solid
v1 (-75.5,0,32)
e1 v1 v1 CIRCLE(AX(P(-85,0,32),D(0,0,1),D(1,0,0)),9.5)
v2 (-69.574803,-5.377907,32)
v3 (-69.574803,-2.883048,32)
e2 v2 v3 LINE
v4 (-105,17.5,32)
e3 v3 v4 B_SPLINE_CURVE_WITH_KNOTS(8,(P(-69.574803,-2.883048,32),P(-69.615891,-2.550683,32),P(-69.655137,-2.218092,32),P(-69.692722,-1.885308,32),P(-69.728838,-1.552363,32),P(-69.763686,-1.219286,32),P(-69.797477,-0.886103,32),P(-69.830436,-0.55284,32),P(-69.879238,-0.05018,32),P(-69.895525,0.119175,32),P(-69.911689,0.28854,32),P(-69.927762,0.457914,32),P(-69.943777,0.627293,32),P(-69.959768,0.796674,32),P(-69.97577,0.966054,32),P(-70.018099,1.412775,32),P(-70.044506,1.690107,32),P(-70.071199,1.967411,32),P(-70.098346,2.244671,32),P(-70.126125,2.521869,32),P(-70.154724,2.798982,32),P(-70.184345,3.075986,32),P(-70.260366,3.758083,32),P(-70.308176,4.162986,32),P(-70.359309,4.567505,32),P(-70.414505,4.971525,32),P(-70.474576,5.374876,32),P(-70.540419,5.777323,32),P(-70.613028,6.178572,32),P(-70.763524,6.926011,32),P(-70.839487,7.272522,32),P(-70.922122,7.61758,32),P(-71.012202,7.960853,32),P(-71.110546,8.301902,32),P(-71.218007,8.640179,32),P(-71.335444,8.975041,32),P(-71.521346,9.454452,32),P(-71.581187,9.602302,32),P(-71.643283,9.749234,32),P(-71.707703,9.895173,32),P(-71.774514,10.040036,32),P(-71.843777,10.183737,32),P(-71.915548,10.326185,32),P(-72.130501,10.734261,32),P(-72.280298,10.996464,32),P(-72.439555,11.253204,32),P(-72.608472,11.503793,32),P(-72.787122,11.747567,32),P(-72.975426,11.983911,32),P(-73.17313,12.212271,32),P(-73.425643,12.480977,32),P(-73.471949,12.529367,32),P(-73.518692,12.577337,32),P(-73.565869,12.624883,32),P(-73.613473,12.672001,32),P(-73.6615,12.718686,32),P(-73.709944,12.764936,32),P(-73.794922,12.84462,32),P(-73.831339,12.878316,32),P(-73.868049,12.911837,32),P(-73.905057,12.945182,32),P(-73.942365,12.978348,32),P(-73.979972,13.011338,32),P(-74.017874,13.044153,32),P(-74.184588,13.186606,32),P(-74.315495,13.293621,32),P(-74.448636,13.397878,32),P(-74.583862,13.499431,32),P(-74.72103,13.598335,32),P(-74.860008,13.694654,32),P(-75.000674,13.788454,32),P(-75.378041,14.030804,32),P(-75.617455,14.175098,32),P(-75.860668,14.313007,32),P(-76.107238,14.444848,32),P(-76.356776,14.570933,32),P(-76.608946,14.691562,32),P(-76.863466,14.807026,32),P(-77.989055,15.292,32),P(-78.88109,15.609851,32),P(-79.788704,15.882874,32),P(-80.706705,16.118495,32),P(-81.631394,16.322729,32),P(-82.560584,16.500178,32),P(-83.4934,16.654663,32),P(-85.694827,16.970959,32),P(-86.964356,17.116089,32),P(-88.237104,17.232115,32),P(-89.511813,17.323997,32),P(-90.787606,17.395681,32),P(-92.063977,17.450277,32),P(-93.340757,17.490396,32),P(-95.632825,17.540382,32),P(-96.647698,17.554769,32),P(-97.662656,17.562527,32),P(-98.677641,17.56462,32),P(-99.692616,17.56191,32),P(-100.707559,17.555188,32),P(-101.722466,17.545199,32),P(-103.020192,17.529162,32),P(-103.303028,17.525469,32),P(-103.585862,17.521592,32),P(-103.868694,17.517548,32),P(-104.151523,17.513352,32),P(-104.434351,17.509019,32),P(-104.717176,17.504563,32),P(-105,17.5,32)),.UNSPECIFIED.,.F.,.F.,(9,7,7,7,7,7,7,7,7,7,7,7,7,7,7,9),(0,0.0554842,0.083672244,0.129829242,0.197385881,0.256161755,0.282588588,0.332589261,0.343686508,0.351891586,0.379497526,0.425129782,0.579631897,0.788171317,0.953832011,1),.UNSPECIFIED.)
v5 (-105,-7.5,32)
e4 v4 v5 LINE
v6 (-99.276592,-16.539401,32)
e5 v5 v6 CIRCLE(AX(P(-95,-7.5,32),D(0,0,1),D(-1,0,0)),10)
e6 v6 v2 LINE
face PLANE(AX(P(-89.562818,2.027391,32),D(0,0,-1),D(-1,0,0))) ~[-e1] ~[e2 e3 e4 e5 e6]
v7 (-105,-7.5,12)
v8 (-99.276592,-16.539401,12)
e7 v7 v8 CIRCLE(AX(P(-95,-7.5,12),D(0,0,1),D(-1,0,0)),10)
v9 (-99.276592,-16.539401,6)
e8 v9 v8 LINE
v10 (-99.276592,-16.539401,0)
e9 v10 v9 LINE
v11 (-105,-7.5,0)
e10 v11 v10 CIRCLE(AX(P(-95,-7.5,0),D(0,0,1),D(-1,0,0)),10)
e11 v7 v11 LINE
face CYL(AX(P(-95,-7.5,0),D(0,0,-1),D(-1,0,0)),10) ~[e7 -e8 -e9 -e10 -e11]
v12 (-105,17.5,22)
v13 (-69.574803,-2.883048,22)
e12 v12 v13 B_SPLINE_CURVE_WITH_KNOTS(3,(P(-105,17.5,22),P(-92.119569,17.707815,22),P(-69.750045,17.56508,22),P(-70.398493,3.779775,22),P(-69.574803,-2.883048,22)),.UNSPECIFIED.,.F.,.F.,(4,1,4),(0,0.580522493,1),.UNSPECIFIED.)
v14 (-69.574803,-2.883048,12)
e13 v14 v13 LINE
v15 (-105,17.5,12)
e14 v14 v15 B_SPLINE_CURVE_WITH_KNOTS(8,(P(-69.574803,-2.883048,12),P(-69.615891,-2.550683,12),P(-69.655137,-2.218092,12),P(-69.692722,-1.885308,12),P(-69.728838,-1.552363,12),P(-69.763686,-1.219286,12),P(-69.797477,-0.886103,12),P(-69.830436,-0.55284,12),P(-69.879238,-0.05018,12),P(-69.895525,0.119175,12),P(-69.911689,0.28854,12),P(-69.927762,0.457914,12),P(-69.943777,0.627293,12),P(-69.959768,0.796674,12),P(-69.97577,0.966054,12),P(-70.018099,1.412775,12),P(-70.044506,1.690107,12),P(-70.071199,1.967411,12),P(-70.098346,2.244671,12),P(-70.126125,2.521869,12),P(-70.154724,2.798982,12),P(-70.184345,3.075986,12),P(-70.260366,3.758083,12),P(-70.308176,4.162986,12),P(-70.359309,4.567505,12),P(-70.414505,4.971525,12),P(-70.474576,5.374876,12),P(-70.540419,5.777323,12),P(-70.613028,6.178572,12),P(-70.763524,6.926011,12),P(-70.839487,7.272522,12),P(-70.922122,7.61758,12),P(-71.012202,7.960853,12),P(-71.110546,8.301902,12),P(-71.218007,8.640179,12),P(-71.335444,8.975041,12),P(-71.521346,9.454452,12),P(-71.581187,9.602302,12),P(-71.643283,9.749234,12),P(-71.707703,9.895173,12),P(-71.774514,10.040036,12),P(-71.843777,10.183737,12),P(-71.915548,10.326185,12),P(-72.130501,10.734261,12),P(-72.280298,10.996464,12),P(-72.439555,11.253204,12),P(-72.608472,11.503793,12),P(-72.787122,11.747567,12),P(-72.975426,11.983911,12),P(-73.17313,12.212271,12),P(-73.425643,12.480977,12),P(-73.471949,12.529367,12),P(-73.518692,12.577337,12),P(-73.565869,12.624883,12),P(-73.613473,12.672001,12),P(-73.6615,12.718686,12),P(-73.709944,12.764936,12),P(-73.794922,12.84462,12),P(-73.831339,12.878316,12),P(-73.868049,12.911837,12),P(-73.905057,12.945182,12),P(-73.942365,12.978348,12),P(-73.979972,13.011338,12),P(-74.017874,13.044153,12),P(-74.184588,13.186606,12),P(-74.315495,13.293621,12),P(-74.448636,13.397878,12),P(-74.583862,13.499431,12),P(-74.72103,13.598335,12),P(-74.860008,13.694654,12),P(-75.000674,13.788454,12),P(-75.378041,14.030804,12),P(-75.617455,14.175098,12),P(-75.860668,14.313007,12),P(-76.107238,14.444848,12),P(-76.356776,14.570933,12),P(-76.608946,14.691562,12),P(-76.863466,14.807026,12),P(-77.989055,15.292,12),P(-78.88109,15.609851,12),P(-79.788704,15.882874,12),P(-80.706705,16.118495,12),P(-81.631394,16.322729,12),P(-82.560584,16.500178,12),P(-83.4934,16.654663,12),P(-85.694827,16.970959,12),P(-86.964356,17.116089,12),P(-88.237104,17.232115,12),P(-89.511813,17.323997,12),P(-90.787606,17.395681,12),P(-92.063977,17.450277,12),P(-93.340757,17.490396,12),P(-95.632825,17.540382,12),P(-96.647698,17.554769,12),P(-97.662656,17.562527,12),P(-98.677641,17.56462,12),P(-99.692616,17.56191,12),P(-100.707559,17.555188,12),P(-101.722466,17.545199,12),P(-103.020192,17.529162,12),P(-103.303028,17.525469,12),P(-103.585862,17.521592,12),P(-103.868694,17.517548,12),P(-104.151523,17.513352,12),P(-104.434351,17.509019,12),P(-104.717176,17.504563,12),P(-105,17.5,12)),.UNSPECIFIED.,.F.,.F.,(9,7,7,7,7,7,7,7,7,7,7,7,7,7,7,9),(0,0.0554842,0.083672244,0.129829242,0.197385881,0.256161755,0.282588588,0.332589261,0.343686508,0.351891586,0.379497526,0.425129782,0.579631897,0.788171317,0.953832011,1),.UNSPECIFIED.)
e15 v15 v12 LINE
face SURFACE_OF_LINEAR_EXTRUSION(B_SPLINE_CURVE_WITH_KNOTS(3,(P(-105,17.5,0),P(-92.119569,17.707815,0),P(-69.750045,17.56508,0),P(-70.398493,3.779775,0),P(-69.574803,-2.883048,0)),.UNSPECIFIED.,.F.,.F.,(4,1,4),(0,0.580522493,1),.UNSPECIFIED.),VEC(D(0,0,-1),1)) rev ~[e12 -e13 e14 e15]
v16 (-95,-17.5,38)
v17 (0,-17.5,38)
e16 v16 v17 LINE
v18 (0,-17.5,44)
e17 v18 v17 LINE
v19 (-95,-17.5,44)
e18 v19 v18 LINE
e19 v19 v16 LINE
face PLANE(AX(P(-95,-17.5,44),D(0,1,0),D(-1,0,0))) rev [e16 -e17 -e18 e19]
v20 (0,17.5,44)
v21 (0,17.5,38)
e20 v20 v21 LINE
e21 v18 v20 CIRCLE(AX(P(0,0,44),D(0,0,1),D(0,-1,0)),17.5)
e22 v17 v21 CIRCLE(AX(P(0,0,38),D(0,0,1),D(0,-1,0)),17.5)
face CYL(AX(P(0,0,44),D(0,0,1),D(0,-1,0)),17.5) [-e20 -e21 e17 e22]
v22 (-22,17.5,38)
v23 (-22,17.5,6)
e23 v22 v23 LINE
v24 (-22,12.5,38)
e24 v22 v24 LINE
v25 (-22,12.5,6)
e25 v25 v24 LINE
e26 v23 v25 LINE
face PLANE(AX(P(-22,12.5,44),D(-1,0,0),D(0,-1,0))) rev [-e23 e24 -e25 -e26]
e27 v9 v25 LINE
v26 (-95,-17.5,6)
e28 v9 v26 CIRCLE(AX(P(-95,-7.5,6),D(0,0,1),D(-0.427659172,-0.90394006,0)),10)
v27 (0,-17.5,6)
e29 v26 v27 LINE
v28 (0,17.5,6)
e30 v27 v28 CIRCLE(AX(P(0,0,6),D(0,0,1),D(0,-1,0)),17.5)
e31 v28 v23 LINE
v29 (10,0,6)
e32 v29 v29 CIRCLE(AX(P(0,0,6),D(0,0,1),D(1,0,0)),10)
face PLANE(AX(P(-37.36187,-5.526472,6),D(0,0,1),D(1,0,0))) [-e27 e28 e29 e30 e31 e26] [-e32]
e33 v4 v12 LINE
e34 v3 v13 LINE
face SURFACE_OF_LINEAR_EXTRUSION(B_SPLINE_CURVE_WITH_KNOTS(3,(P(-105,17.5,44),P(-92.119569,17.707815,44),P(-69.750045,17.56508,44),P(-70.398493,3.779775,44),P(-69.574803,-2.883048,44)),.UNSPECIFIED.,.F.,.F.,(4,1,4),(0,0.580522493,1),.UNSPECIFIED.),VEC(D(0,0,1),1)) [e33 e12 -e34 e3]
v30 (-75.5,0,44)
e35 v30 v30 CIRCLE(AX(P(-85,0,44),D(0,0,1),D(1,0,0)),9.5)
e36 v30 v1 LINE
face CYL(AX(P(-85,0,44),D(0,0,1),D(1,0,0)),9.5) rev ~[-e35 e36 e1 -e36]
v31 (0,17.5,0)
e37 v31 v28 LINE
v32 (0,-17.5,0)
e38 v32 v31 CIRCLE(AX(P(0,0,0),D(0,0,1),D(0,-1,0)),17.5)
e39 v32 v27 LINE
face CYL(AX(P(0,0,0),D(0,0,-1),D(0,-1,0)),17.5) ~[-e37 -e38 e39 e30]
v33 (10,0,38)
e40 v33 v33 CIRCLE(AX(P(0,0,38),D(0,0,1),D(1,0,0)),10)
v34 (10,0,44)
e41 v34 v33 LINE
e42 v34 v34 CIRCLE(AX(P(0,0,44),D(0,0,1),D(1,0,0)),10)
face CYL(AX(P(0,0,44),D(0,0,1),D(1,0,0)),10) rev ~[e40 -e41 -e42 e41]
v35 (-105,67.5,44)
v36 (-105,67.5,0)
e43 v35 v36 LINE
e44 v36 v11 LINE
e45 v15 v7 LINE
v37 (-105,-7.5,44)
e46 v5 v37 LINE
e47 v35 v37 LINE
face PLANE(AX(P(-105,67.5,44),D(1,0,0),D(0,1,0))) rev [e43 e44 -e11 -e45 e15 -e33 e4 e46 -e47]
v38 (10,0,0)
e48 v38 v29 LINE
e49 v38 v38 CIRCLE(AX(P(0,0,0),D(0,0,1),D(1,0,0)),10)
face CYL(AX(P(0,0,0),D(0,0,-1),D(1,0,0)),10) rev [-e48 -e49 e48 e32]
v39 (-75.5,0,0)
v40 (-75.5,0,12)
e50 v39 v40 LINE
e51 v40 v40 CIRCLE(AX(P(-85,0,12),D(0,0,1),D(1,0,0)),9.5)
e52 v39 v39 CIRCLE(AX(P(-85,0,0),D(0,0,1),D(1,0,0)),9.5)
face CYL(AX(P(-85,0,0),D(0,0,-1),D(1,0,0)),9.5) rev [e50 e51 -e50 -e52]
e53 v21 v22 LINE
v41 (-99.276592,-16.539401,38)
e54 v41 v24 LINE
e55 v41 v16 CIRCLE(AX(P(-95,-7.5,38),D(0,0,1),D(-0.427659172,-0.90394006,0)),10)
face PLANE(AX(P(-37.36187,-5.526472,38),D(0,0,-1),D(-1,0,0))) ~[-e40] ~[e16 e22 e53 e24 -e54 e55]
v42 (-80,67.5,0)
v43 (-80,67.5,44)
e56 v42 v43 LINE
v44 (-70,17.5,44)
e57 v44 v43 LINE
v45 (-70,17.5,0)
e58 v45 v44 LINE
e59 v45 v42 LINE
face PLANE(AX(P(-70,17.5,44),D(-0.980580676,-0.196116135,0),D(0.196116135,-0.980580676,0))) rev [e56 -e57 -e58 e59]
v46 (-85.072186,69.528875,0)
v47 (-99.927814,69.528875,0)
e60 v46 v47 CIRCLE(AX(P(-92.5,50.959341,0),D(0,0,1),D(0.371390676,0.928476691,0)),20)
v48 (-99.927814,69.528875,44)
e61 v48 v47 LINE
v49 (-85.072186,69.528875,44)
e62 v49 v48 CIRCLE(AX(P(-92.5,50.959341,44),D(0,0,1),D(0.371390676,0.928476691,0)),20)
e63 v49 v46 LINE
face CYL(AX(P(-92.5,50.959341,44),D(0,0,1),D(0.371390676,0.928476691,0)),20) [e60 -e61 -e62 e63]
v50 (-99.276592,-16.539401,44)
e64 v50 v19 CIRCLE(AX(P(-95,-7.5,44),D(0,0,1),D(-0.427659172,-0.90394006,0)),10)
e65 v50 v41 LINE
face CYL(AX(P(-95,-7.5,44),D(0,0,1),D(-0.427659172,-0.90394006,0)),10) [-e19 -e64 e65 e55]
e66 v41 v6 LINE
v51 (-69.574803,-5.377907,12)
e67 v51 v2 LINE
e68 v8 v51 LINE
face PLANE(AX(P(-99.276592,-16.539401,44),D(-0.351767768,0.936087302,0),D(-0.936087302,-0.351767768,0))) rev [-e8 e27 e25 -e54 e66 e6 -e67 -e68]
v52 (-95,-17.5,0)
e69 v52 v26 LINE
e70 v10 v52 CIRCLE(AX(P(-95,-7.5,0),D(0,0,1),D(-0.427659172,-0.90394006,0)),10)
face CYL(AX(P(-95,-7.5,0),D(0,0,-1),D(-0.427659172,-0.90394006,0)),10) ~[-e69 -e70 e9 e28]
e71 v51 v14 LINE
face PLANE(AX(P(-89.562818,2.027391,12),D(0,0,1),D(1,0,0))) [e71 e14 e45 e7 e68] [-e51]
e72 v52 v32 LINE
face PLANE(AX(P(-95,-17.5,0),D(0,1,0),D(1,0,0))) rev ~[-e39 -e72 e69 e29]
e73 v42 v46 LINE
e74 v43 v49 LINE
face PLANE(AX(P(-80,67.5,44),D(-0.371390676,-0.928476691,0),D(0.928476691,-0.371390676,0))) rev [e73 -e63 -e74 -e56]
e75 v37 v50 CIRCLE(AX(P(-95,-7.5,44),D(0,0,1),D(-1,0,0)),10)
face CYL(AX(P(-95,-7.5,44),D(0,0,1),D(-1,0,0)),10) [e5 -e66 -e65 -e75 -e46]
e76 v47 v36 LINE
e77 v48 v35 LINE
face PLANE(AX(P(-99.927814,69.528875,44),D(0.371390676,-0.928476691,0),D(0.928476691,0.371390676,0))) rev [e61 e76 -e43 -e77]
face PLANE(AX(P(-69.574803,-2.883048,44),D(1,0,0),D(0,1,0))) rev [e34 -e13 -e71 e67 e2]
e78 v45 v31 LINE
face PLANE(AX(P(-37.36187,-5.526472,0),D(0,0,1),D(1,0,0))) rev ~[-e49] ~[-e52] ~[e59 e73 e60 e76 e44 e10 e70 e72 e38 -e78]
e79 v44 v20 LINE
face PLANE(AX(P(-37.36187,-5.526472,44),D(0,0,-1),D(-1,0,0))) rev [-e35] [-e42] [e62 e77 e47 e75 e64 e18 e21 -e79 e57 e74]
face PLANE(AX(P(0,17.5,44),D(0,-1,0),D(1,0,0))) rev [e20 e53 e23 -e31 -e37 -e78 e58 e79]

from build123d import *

# Parameters (mm, degrees)
F0_R     = 10
F0_R_2   = 9.5
F1_DEPTH = 6
F2_DEPTH = 12
F3_DEPTH = 22


with BuildPart() as f1:
    # F0 (on Top) → F1 (new body)
    with BuildSketch(Plane.XY):
        with BuildLine():
            Line((-95, -17.5), (0, -17.5))
            ThreePointArc((0, -17.5), (17.5, 0), (0, 17.5))
            Line((0, 17.5), (-22, 17.5))
            Line((-22, 17.5), (-22, 12.5))
            Line((-22, 12.5), (-69.5748026423, -5.3779074195))
            Line((-69.5748026423, -5.3779074195), (-99.2765917217, -16.5394006021))
            ThreePointArc((-99.2765917217, -16.5394006021), (-97.1915740894, -17.2568951522), (-95, -17.5))
        make_face()
        Circle(F0_R, mode=Mode.SUBTRACT)
        with BuildLine():
            Line((-22, 12.5), (-22, 17.5))
            Line((-22, 17.5), (-70, 17.5))
            Line((-70, 17.5), (-80, 67.5))
            Line((-80, 67.5), (-105, 67.5))
            Line((-105, 67.5), (-105, 17.5))
            add(Edge.make_bspline(
                [(-105, 17.5), (-92.1195688134, 17.707814564), (-69.750044995, 17.565080001), (-70.398492672, 3.779775432), (-69.5748026423, -2.8830476028)],
                knots=[0, 0, 0, 0, 0.5805224933, 1, 1, 1, 1], degree=3))
            Line((-69.5748026423, -2.8830476028), (-69.5748026423, -5.3779074195))
            Line((-69.5748026423, -5.3779074195), (-22, 12.5))
        make_face()
        with BuildLine():
            ThreePointArc((-105, -7.5), (-103.4488436255, -12.8494898253), (-99.2765917217, -16.5394006021))
            Line((-99.2765917217, -16.5394006021), (-69.5748026423, -5.3779074195))
            Line((-69.5748026423, -5.3779074195), (-69.5748026423, -2.8830476028))
            add(Edge.make_bspline(
                [(-105, 17.5), (-92.1195688134, 17.707814564), (-69.750044995, 17.565080001), (-70.398492672, 3.779775432), (-69.5748026423, -2.8830476028)],
                knots=[0, 0, 0, 0, 0.5805224933, 1, 1, 1, 1], degree=3))
            Line((-105, 17.5), (-105, -7.5))
        make_face()
        with Locations((-85, 0)):
            Circle(F0_R_2, mode=Mode.SUBTRACT)
        with BuildLine():
            Line((-105, 67.5), (-80, 67.5))
            Line((-80, 67.5), (-85.0721864729, 69.5288745892))
            ThreePointArc((-85.0721864729, 69.5288745892), (-92.5, 70.9593407715), (-99.9278135271, 69.5288745892))
            Line((-99.9278135271, 69.5288745892), (-105, 67.5))
        make_face()
    extrude(amount=F1_DEPTH)

    # F0 (on Top) → F2 (join)
    with BuildSketch(Plane.XY):
        with BuildLine():
            ThreePointArc((-105, -7.5), (-103.4488436255, -12.8494898253), (-99.2765917217, -16.5394006021))
            Line((-99.2765917217, -16.5394006021), (-69.5748026423, -5.3779074195))
            Line((-69.5748026423, -5.3779074195), (-69.5748026423, -2.8830476028))
            add(Edge.make_bspline(
                [(-105, 17.5), (-92.1195688134, 17.707814564), (-69.750044995, 17.565080001), (-70.398492672, 3.779775432), (-69.5748026423, -2.8830476028)],
                knots=[0, 0, 0, 0, 0.5805224933, 1, 1, 1, 1], degree=3))
            Line((-105, 17.5), (-105, -7.5))
        make_face()
        with Locations((-85, 0)):
            Circle(F0_R_2, mode=Mode.SUBTRACT)
        with BuildLine():
            Line((-22, 12.5), (-22, 17.5))
            Line((-22, 17.5), (-70, 17.5))
            Line((-70, 17.5), (-80, 67.5))
            Line((-80, 67.5), (-105, 67.5))
            Line((-105, 67.5), (-105, 17.5))
            add(Edge.make_bspline(
                [(-105, 17.5), (-92.1195688134, 17.707814564), (-69.750044995, 17.565080001), (-70.398492672, 3.779775432), (-69.5748026423, -2.8830476028)],
                knots=[0, 0, 0, 0, 0.5805224933, 1, 1, 1, 1], degree=3))
            Line((-69.5748026423, -2.8830476028), (-69.5748026423, -5.3779074195))
            Line((-69.5748026423, -5.3779074195), (-22, 12.5))
        make_face()
        with BuildLine():
            Line((-105, 67.5), (-80, 67.5))
            Line((-80, 67.5), (-85.0721864729, 69.5288745892))
            ThreePointArc((-85.0721864729, 69.5288745892), (-92.5, 70.9593407715), (-99.9278135271, 69.5288745892))
            Line((-99.9278135271, 69.5288745892), (-105, 67.5))
        make_face()
    extrude(amount=F2_DEPTH)

    # F0 (on Top) → F3 (join)
    with BuildSketch(Plane.XY):
        with BuildLine():
            Line((-22, 12.5), (-22, 17.5))
            Line((-22, 17.5), (-70, 17.5))
            Line((-70, 17.5), (-80, 67.5))
            Line((-80, 67.5), (-105, 67.5))
            Line((-105, 67.5), (-105, 17.5))
            add(Edge.make_bspline(
                [(-105, 17.5), (-92.1195688134, 17.707814564), (-69.750044995, 17.565080001), (-70.398492672, 3.779775432), (-69.5748026423, -2.8830476028)],
                knots=[0, 0, 0, 0, 0.5805224933, 1, 1, 1, 1], degree=3))
            Line((-69.5748026423, -2.8830476028), (-69.5748026423, -5.3779074195))
            Line((-69.5748026423, -5.3779074195), (-22, 12.5))
        make_face()
        with BuildLine():
            Line((-105, 67.5), (-80, 67.5))
            Line((-80, 67.5), (-85.0721864729, 69.5288745892))
            ThreePointArc((-85.0721864729, 69.5288745892), (-92.5, 70.9593407715), (-99.9278135271, 69.5288745892))
            Line((-99.9278135271, 69.5288745892), (-105, 67.5))
        make_face()
    extrude(amount=F3_DEPTH)

    # F4: F1 across face


with BuildPart() as f1_1:
    add(f1.part)
    add(f1.part.mirror(Plane(origin=(-78.1474366436, 31.848252571, 22), x_dir=(1, 0, 0), z_dir=(0, 0, 1))))


solid = f1_1.part
